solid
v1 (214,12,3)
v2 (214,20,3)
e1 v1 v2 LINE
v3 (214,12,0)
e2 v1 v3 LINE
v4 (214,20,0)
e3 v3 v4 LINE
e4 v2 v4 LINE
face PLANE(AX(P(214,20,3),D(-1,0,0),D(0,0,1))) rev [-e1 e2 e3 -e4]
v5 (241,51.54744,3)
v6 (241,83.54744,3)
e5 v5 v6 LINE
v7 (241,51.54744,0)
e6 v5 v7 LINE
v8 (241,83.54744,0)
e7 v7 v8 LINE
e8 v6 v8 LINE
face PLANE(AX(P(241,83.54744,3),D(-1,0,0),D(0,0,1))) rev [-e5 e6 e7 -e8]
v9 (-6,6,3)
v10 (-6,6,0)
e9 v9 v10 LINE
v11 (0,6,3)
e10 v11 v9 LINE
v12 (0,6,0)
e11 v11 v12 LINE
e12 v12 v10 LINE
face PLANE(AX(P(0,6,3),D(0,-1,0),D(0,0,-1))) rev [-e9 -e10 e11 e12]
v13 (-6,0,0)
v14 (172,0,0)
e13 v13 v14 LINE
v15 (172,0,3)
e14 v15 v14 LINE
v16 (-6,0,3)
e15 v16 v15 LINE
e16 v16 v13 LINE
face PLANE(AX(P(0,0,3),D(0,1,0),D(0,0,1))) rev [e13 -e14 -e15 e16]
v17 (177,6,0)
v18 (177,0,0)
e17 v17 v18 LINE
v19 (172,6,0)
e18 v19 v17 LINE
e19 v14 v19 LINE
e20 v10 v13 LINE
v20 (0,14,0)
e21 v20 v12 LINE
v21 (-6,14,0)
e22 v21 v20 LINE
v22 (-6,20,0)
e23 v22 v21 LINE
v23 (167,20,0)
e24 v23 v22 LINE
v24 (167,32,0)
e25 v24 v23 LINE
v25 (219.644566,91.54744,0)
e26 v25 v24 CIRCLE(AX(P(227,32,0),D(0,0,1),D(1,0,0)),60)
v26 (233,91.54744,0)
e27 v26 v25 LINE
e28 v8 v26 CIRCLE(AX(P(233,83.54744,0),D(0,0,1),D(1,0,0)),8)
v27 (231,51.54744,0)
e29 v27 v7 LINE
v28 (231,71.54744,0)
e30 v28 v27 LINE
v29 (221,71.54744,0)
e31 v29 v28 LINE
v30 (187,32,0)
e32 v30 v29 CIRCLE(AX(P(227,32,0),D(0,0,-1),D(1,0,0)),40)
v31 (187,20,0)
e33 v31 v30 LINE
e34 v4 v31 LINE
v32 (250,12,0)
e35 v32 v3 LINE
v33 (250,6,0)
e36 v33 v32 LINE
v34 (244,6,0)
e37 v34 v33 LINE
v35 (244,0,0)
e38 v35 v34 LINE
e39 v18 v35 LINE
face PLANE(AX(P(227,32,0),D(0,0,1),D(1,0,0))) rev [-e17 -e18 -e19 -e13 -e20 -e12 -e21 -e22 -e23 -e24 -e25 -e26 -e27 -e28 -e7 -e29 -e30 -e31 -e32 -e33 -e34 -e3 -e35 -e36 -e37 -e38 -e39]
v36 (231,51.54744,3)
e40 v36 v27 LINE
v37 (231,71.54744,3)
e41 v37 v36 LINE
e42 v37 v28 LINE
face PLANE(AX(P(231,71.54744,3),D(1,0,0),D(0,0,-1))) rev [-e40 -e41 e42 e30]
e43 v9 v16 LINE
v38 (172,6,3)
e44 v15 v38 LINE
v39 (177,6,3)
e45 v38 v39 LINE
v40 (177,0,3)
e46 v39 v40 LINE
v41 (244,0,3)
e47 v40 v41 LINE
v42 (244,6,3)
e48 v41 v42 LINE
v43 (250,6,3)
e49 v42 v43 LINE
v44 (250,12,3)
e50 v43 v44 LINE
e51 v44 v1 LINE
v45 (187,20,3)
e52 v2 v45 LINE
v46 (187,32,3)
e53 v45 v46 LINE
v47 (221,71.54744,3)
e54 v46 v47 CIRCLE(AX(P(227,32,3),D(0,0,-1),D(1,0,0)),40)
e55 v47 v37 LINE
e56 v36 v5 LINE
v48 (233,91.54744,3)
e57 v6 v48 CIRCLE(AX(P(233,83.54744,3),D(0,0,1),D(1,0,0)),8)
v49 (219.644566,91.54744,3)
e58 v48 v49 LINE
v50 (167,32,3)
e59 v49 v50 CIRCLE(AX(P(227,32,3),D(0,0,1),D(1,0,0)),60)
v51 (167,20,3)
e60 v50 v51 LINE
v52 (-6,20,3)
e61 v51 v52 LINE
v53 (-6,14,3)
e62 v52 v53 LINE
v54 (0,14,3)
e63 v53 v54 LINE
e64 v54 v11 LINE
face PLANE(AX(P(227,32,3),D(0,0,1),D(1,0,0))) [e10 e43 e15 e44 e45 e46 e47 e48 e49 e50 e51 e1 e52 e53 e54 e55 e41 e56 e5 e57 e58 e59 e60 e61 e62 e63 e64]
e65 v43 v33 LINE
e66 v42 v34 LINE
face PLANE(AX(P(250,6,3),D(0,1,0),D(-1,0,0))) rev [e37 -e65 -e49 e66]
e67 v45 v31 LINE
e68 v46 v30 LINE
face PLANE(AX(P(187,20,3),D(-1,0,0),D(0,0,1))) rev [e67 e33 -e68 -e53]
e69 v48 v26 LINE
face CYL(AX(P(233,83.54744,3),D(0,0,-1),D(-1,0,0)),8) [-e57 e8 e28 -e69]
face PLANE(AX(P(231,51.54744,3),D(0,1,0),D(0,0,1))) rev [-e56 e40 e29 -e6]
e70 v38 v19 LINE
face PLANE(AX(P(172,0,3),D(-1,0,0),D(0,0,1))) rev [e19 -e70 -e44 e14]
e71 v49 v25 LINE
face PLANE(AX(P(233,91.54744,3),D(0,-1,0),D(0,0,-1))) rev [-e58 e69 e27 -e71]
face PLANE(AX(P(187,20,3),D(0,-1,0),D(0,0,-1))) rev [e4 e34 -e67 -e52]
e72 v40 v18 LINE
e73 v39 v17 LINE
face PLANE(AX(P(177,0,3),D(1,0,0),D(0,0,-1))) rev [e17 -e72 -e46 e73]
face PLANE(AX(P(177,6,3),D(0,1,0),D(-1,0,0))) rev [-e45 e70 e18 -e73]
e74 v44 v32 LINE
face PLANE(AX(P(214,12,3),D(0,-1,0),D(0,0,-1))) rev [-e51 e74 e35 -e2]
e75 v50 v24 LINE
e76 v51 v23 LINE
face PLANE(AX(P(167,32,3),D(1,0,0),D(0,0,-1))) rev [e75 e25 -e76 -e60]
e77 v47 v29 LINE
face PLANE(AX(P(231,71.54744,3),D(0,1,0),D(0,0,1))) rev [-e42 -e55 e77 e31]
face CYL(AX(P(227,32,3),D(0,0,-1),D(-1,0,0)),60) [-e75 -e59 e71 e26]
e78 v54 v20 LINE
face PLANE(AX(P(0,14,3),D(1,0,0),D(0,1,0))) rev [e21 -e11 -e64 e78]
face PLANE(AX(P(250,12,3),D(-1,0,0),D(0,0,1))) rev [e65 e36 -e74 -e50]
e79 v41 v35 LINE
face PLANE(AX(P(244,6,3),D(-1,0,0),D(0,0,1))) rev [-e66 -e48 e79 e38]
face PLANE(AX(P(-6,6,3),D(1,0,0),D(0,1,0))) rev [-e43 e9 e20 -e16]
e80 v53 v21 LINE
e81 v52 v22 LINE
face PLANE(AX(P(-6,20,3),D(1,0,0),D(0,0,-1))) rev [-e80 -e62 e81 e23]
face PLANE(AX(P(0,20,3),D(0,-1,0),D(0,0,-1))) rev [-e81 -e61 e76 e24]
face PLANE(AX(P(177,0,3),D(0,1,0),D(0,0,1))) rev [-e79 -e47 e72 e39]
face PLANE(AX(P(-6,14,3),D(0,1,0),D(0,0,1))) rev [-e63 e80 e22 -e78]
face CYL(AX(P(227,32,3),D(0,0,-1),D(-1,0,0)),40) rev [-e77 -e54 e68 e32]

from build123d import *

# Parameters (mm, degrees)
EXTRUDE_1_DEPTH = 3


with BuildPart() as part:
    # Эскиз2 → Бобышка-Вытянуть1 (new body)
    with BuildSketch(Plane.XY):
        with BuildLine():
            Line((0, 0), (172, 0))
            Line((172, 0), (172, 6))
            Line((172, 6), (177, 6))
            Line((177, 6), (177, 0))
            Line((177, 0), (244, 0))
            Line((244, 0), (244, 6))
            Line((244, 6), (250, 6))
            Line((250, 6), (250, 12))
            Line((250, 12), (244, 12))
            Line((244, 12), (214, 12))
            Line((214, 12), (214, 20))
            Line((214, 20), (187, 20))
            Line((187, 20), (187, 32))
            ThreePointArc((187, 32), (196.668498224, 58.076809621), (221, 71.547439867))
            Line((221, 71.547439867), (231, 71.547439867))
            Line((231, 71.547439867), (231, 51.547439867))
            Line((231, 51.547439867), (241, 51.547439867))
            Line((241, 51.547439867), (241, 83.547439867))
            ThreePointArc((241, 83.547439867), (238.656854249, 89.204294116), (233, 91.547439867))
            Line((233, 91.547439867), (219.644566271, 91.547439867))
            ThreePointArc((219.644566271, 91.547439867), (182.048214587, 71.740873017), (167, 32))
            Line((167, 32), (167, 20))
            Line((167, 20), (0, 20))
            Line((0, 20), (-6, 20))
            Line((-6, 20), (-6, 14))
            Line((-6, 14), (0, 14))
            Line((0, 14), (0, 6))
            Line((0, 6), (-6, 6))
            Line((-6, 6), (-6, 0))
            Line((-6, 0), (0, 0))
        make_face()
    extrude(amount=EXTRUDE_1_DEPTH)


solid = part.part
